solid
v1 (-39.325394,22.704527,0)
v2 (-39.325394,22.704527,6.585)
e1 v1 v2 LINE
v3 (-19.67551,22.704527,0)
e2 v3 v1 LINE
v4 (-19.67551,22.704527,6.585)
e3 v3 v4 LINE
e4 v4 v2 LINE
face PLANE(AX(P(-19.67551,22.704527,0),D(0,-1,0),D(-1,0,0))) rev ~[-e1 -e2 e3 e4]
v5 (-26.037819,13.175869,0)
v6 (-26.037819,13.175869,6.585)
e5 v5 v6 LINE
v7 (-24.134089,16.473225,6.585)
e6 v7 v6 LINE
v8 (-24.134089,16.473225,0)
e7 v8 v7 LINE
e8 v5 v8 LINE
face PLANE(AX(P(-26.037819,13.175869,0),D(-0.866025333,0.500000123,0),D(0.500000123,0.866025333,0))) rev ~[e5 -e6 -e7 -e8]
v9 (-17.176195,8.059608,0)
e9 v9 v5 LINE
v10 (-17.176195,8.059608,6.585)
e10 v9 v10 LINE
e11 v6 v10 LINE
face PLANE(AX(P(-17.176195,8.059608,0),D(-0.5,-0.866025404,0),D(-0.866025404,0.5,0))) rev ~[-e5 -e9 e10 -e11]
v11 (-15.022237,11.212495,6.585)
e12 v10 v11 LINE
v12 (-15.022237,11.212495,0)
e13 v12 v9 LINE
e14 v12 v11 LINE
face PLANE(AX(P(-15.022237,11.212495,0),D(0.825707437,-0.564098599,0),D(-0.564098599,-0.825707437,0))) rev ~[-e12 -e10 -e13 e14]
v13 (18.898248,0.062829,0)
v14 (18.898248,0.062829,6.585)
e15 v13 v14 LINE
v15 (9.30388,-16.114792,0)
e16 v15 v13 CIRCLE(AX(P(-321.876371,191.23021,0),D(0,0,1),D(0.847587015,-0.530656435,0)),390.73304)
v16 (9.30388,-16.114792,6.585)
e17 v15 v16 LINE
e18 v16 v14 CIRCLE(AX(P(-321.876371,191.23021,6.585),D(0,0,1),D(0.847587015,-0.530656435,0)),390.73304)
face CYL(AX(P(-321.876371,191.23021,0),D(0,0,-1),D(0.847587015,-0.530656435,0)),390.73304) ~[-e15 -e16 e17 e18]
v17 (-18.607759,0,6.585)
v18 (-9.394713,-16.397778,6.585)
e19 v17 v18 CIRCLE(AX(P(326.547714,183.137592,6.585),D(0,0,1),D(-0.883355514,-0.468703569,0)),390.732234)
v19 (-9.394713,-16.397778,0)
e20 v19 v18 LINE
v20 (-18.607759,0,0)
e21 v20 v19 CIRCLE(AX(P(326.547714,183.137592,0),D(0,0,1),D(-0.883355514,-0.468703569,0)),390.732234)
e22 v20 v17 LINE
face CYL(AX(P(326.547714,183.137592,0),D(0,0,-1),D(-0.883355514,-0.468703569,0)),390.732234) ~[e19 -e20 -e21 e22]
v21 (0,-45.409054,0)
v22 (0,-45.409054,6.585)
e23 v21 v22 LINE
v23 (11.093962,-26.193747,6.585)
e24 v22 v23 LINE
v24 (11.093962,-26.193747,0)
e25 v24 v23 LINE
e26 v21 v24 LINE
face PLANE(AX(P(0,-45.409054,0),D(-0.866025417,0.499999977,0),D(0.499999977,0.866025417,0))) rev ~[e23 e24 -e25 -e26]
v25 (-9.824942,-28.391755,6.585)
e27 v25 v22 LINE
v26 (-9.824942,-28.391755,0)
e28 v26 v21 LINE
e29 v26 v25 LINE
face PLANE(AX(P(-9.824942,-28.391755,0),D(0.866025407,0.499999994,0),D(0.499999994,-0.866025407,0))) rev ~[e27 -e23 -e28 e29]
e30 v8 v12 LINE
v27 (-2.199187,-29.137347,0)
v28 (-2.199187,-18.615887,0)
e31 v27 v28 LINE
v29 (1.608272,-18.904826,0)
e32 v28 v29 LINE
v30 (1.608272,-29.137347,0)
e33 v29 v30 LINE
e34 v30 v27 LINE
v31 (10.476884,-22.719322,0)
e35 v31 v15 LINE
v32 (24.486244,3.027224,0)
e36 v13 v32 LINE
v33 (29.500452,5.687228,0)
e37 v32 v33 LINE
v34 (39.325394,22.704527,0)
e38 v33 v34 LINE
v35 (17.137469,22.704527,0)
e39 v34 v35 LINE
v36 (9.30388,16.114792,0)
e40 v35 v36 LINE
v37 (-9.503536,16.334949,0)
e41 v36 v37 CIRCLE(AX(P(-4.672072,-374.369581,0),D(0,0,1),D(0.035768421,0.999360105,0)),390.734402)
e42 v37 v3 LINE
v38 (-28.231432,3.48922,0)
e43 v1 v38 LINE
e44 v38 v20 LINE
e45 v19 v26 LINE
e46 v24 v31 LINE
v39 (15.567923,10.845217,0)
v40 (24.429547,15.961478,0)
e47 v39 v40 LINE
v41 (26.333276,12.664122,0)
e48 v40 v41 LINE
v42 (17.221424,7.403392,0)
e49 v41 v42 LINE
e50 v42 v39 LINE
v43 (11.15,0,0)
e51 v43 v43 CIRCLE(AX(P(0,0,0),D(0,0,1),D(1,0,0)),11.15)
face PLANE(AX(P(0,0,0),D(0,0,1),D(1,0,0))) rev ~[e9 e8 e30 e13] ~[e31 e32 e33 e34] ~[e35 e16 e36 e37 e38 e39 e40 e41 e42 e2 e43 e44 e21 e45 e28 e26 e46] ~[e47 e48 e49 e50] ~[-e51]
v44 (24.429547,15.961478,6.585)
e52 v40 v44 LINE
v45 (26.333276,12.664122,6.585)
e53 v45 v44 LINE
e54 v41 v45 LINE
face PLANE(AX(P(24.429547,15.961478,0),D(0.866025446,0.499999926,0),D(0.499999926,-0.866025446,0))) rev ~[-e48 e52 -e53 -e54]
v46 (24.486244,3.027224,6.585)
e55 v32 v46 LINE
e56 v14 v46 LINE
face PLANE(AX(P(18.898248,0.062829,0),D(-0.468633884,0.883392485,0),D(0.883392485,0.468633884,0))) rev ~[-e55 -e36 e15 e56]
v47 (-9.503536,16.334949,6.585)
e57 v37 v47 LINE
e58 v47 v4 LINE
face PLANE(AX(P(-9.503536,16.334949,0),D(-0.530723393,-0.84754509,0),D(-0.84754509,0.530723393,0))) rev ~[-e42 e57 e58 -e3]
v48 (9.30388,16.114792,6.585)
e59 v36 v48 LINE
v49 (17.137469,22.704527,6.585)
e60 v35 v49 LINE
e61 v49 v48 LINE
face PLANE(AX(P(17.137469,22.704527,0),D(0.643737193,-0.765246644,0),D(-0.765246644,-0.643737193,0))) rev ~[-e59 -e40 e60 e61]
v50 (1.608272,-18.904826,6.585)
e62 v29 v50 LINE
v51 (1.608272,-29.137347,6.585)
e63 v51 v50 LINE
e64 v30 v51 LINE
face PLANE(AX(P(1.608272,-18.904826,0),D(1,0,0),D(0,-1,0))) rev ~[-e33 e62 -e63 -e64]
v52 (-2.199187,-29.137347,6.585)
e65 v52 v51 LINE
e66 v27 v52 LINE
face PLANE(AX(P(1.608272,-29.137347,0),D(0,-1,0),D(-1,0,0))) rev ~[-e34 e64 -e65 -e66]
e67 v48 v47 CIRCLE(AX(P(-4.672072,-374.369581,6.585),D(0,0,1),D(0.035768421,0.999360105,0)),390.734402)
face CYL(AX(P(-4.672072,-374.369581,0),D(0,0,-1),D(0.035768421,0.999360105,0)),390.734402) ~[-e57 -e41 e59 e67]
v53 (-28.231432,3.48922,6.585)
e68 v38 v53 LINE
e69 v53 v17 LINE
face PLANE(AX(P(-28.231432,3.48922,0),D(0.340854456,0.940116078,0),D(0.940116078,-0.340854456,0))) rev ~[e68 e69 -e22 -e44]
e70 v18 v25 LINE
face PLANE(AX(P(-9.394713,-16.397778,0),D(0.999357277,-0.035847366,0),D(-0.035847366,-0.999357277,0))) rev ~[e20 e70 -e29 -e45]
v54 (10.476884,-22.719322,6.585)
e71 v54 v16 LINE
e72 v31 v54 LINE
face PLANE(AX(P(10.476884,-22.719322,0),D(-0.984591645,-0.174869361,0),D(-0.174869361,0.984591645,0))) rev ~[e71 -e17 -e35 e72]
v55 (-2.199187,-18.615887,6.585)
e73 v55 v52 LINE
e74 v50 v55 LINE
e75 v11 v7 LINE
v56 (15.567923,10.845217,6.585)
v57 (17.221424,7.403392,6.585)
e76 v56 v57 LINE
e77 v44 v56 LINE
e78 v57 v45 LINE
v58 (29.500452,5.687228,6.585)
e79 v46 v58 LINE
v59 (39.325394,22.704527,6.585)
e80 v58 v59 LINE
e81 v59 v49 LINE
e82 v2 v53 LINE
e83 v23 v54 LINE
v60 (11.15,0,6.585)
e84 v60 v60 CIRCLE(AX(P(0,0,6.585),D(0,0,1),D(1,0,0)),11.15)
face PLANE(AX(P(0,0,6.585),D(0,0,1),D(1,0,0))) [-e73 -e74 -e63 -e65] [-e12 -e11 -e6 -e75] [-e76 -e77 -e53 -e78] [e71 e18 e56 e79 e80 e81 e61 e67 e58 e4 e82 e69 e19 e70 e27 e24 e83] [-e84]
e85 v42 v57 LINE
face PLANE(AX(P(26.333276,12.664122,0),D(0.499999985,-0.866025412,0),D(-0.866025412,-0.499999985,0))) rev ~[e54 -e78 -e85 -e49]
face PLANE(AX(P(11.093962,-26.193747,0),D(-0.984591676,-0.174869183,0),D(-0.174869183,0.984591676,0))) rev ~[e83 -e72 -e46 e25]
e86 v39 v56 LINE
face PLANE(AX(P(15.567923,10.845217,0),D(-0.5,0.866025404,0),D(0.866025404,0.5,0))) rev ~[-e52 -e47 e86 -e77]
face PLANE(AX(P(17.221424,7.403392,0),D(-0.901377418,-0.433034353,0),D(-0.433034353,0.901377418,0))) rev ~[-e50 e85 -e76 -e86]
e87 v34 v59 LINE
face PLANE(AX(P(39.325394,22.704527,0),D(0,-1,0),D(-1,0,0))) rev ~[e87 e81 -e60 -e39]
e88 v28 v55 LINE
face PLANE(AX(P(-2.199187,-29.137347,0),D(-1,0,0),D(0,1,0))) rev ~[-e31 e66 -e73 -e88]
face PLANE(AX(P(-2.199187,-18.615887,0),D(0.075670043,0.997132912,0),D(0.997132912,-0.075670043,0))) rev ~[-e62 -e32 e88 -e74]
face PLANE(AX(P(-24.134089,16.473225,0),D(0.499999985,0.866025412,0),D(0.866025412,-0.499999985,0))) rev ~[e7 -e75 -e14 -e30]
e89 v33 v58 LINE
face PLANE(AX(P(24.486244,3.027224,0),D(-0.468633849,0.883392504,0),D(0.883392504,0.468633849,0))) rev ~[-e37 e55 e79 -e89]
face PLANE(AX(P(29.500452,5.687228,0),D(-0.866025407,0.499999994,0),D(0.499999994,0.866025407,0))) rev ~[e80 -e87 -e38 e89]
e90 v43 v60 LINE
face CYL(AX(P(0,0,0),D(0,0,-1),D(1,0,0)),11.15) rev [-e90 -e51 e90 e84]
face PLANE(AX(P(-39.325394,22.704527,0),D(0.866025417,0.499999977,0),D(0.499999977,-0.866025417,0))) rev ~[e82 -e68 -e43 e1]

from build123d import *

# Parameters (mm, degrees)
F0_R     = 11.15
F1_DEPTH = 6.585
F3_DEPTH = 25


with BuildPart() as f1:
    # F0 (on Top) → F1 (new body)
    with BuildSketch(Plane.XY):
        with BuildLine():
            Line((-9.824942, -28.391755), (0, -45.409054))
            Line((0, -45.409054), (11.093962, -26.193747))
            Line((11.093962, -26.193747), (10.476884, -22.719322))
            Line((10.476884, -22.719322), (9.30388, -16.114792))
            ThreePointArc((9.30388, -16.114792), (14.198421, -8.08372), (18.898248, 0.062829))
            Line((18.898248, 0.062829), (24.486244, 3.027224))
            Line((24.486244, 3.027224), (29.500452, 5.687228))
            Line((29.500452, 5.687228), (39.325394, 22.704527))
            Line((39.325394, 22.704527), (17.137469, 22.704527))
            Line((17.137469, 22.704527), (9.30388, 16.114792))
            ThreePointArc((9.30388, 16.114792), (-0.098503, 16.338053), (-9.503536, 16.334949))
            Line((-9.503536, 16.334949), (-19.67551, 22.704527))
            Line((-19.67551, 22.704527), (-39.325394, 22.704527))
            Line((-39.325394, 22.704527), (-28.231432, 3.48922))
            Line((-28.231432, 3.48922), (-18.607759, 0))
            ThreePointArc((-18.607759, 0), (-14.099918, -8.254333), (-9.394713, -16.397778))
            Line((-9.394713, -16.397778), (-9.824942, -28.391755))
        make_face()
        Circle(F0_R, mode=Mode.SUBTRACT)
    extrude(amount=F1_DEPTH)

    # F2 (on face) → F3 (cut)
    with BuildSketch(Plane(origin=(0, 0, 0), x_dir=(1, 0, 0), z_dir=(0, 0, -1))):
        Polygon((-2.199187, 29.137347), (-2.199187, 18.615887), (1.608272, 18.904826), (1.608272, 29.137347), align=None)
        Polygon((-24.134089, -16.473225), (-15.022237, -11.212495), (-17.176195, -8.059608), (-26.037819, -13.175869), align=None)
        Polygon((26.333276, -12.664122), (17.221424, -7.403392), (15.567923, -10.845217), (24.429547, -15.961478), align=None)
    extrude(amount=-F3_DEPTH, mode=Mode.SUBTRACT)


solid = f1.part
